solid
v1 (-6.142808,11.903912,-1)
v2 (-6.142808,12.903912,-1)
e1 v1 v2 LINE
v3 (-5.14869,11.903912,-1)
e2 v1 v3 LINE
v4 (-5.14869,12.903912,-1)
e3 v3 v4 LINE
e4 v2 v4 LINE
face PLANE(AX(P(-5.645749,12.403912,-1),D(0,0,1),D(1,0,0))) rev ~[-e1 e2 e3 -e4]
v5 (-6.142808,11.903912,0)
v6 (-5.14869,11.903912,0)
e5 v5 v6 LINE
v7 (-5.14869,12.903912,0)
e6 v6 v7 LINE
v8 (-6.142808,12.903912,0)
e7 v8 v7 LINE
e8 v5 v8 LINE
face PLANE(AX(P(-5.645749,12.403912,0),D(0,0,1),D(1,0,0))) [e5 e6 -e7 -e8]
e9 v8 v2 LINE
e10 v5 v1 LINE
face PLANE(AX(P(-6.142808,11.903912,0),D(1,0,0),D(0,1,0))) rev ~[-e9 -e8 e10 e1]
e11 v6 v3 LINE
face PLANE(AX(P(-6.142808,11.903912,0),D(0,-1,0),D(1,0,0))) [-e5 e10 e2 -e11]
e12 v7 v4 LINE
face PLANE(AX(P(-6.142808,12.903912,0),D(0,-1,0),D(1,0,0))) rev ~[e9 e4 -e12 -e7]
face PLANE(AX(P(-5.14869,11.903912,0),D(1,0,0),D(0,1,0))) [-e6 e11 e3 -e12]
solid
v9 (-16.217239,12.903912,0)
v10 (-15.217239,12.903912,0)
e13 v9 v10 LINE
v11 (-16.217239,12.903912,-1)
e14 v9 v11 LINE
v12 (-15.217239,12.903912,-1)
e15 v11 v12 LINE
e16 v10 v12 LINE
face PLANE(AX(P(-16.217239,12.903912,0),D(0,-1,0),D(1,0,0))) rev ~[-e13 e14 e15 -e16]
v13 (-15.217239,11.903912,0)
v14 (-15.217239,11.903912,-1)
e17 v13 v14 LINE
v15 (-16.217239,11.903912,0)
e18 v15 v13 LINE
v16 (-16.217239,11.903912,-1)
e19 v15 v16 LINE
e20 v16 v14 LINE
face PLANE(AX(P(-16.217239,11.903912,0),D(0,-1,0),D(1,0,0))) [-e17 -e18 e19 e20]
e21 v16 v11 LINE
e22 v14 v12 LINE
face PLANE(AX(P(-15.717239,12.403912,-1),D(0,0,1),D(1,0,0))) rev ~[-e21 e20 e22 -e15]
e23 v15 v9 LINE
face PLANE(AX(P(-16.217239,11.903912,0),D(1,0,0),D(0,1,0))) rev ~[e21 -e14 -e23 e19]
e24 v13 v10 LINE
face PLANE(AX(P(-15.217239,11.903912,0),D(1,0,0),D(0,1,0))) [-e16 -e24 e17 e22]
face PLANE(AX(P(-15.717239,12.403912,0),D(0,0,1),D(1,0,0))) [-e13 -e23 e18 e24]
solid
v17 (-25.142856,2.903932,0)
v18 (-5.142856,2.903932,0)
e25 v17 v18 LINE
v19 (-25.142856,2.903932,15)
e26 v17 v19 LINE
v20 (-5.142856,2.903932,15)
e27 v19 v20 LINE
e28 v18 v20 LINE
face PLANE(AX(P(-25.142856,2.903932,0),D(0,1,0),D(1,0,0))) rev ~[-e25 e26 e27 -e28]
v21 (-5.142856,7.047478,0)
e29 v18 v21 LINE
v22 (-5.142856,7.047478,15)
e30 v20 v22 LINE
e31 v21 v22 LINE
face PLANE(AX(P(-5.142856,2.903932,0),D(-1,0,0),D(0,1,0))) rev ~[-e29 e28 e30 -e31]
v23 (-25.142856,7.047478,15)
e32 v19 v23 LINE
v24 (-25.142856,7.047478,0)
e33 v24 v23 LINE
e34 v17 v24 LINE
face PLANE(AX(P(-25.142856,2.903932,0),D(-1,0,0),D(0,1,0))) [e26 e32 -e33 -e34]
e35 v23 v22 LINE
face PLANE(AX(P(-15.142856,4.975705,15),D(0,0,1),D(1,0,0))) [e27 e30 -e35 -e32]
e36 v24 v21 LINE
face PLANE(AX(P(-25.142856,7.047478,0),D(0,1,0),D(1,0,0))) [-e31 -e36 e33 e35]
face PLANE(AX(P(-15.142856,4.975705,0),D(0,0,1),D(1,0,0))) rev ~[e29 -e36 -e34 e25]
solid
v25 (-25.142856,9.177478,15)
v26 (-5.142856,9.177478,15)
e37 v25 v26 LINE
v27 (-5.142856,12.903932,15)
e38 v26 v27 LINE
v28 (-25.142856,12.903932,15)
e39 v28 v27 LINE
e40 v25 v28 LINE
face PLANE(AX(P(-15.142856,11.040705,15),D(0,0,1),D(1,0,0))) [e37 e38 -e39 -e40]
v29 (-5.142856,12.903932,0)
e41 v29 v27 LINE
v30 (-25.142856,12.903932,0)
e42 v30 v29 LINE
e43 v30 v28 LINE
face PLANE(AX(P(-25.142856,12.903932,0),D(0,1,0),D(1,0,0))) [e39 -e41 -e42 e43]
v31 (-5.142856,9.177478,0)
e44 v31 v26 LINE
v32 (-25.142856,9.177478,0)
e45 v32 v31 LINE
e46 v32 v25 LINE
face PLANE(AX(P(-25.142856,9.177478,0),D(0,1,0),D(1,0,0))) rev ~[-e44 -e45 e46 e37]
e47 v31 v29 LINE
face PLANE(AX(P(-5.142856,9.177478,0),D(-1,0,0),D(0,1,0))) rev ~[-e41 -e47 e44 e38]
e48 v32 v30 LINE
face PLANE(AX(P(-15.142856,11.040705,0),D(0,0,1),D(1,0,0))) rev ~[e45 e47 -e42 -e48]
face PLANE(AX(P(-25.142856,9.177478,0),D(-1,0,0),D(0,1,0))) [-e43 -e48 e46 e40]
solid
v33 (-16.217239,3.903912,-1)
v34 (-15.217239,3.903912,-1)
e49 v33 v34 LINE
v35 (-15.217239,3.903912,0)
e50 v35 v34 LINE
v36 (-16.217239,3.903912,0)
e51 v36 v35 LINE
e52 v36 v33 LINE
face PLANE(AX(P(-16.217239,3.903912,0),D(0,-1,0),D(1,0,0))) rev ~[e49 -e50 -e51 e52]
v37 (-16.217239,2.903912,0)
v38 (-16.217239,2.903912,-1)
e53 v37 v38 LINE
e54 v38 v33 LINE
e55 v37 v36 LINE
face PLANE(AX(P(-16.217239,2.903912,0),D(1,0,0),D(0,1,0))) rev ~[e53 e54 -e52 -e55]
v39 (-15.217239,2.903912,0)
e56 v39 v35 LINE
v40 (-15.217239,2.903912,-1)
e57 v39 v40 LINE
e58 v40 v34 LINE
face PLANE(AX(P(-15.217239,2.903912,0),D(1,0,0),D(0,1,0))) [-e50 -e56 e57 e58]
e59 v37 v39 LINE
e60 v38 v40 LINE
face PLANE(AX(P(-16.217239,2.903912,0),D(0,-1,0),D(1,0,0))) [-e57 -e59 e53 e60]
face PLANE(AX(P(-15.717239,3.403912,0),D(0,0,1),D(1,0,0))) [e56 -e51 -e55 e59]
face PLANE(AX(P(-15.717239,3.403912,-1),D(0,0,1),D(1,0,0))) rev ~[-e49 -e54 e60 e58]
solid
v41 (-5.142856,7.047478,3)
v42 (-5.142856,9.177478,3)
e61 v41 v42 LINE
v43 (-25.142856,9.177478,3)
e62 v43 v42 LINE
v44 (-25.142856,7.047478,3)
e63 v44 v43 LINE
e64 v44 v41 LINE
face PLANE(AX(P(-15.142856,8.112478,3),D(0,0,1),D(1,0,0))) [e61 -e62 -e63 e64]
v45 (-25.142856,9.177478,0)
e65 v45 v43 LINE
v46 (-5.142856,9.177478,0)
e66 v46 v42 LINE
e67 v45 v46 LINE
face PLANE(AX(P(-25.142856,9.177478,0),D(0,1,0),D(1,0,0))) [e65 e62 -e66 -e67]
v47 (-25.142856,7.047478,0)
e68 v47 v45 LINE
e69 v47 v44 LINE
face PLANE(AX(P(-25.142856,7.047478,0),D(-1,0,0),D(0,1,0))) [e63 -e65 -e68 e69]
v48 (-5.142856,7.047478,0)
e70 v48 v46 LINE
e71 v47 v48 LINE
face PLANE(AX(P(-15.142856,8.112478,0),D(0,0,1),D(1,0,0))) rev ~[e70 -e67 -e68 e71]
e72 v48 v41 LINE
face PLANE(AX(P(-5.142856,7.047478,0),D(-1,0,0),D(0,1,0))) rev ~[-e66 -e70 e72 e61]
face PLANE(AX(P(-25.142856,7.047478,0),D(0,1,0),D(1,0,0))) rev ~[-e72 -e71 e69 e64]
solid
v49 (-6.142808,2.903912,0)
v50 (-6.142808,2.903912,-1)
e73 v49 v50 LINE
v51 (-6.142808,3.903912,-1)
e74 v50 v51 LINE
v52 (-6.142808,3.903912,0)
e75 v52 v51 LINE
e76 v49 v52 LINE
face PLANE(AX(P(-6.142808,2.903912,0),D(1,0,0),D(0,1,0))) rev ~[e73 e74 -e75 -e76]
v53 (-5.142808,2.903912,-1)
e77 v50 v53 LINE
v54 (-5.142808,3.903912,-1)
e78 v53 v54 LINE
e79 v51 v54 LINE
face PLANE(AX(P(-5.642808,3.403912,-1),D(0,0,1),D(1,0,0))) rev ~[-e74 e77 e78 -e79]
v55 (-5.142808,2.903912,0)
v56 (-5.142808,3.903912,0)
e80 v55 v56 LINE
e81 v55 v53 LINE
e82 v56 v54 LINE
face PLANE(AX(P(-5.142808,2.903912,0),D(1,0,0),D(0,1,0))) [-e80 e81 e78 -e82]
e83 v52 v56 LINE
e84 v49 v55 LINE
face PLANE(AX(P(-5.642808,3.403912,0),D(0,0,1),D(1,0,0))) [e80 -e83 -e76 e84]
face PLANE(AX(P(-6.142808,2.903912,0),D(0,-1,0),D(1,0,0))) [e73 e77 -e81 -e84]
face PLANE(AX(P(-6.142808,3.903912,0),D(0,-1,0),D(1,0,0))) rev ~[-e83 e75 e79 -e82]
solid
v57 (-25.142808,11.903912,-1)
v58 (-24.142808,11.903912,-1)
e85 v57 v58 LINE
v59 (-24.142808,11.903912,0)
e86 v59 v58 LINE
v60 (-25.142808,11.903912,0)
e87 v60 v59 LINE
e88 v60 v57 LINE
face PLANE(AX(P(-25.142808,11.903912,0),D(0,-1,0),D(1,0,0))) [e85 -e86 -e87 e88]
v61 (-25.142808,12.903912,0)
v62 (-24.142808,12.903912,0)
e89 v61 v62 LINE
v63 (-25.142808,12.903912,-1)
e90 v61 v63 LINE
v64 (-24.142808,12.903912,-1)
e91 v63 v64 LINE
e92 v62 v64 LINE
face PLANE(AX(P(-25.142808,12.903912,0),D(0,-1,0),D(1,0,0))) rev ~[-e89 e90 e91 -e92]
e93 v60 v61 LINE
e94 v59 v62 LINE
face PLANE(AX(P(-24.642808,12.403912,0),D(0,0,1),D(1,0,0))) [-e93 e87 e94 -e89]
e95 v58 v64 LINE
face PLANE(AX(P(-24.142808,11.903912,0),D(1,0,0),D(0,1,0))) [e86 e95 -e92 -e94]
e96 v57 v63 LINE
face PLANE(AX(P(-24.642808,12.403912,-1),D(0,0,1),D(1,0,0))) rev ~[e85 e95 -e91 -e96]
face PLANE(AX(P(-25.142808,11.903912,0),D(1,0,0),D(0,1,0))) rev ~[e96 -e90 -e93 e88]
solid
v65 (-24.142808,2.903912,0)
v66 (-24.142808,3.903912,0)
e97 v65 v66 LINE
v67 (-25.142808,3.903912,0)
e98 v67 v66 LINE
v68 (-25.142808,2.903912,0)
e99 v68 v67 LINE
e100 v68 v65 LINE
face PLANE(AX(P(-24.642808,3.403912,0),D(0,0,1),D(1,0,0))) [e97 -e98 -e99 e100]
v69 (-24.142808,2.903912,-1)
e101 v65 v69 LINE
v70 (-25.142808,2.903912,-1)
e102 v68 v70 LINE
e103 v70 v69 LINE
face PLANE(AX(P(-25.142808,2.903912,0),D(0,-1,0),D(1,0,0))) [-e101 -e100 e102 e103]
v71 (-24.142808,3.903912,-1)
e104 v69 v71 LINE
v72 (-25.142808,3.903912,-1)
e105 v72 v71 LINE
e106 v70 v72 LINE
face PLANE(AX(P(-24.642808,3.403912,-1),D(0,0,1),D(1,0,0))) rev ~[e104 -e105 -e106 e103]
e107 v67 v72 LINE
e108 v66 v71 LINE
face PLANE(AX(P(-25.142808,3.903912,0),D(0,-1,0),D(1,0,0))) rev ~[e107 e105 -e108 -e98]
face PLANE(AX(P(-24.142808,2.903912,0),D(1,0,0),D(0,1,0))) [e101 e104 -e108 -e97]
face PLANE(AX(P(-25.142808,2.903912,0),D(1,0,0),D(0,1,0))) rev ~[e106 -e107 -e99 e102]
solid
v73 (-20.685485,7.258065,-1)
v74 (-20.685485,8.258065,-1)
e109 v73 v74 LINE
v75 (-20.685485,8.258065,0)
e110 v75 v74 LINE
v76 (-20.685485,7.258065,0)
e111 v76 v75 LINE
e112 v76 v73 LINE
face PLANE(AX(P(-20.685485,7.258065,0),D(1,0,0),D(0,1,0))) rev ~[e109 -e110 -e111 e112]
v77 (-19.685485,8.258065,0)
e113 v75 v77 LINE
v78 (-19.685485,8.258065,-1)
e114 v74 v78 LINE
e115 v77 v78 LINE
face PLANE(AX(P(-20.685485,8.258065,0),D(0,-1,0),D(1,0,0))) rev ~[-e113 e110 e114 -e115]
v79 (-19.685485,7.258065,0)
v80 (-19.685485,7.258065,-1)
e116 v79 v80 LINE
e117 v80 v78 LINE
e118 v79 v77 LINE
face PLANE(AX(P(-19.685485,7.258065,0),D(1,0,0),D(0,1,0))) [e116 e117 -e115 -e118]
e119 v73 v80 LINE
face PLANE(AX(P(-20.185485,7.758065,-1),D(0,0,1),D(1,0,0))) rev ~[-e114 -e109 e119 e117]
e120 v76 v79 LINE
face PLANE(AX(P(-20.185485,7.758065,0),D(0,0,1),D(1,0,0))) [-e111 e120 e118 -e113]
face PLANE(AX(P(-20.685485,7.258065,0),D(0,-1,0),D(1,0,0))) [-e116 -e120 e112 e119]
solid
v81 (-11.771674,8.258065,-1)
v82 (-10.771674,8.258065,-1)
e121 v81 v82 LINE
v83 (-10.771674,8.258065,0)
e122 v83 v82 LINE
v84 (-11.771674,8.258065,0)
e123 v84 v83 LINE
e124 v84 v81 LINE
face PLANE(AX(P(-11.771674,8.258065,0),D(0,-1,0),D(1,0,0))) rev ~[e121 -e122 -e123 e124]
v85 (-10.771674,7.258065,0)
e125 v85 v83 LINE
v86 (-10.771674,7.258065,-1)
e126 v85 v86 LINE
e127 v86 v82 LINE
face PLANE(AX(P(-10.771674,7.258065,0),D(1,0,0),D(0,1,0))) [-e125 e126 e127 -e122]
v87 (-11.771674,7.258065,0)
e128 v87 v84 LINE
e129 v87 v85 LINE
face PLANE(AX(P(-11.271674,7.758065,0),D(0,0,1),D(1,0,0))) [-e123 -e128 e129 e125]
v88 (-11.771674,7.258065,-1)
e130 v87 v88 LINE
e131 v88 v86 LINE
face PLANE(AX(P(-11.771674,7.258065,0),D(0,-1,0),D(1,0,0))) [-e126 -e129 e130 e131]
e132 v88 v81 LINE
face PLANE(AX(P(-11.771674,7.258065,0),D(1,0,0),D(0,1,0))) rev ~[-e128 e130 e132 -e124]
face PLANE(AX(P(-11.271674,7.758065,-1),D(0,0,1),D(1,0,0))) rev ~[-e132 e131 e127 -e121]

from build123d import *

# Parameters (mm, degrees)
F0_W     = 20
F0_H     = 3.72645418
F1_DEPTH = 15
F0_H_2   = 4.14354582
F0_H_3   = 2.13
F2_DEPTH = 3
F3_W     = 1
F3_H     = 1
F4_DEPTH = 1
F3_W_2   = 0.9941177852


with BuildPart() as f1:
    # F0 (on Top) → F1 (new body)
    with BuildSketch(Plane.XY):
        with Locations((-15.1428561658, 11.0407051996)):
            Rectangle(F0_W, F0_H)
    extrude(amount=F1_DEPTH)


with BuildPart() as f1b:
    # F0 (on Top) → F1, piece 2 (new body)
    with BuildSketch(Plane.XY):
        with Locations((-15.1428561658, 4.9757051996)):
            Rectangle(F0_W, F0_H_2)
    extrude(amount=F1_DEPTH)


with BuildPart() as f2:
    # F0 (on Top) → F2 (new body)
    with BuildSketch(Plane.XY):
        with Locations((-15.1428561658, 8.1124781096)):
            Rectangle(F0_W, F0_H_3)
    extrude(amount=F2_DEPTH)


with BuildPart() as f4:
    # F3 (on face) → F4 (new body)
    with BuildSketch(Plane.XY):
        with Locations((-24.6428075135, 3.4039124493)):
            Rectangle(F3_W, F3_H)
    extrude(amount=-F4_DEPTH)


with BuildPart() as f4b:
    # F3 (on face) → F4, piece 2 (new body)
    with BuildSketch(Plane.XY):
        with Locations((-5.6428075135, 3.4039124493)):
            Rectangle(F3_W, F3_H)
    extrude(amount=-F4_DEPTH)


with BuildPart() as f4c:
    # F3 (on face) → F4, piece 3 (new body)
    with BuildSketch(Plane.XY):
        with Locations((-5.6457486209, 12.4039124493)):
            Rectangle(F3_W_2, F3_H)
    extrude(amount=-F4_DEPTH)


with BuildPart() as f4d:
    # F3 (on face) → F4, piece 4 (new body)
    with BuildSketch(Plane.XY):
        with Locations((-11.2716742679, 7.7580650449)):
            Rectangle(F3_W, F3_H)
    extrude(amount=-F4_DEPTH)


with BuildPart() as f4e:
    # F3 (on face) → F4, piece 5 (new body)
    with BuildSketch(Plane.XY):
        with Locations((-20.1854846328, 7.7580650449)):
            Rectangle(F3_W, F3_H)
    extrude(amount=-F4_DEPTH)


with BuildPart() as f4f:
    # F3 (on face) → F4, piece 6 (new body)
    with BuildSketch(Plane.XY):
        with Locations((-24.6428075135, 12.4039124493)):
            Rectangle(F3_W, F3_H)
    extrude(amount=-F4_DEPTH)


with BuildPart() as f4g:
    # F3 (on face) → F4, piece 7 (new body)
    with BuildSketch(Plane.XY):
        with Locations((-15.7172392011, 12.4039124493)):
            Rectangle(F3_W, F3_H)
    extrude(amount=-F4_DEPTH)


with BuildPart() as f4h:
    # F3 (on face) → F4, piece 8 (new body)
    with BuildSketch(Plane.XY):
        with Locations((-15.7172392011, 3.4039124493)):
            Rectangle(F3_W, F3_H)
    extrude(amount=-F4_DEPTH)


solid = Compound([f1.part, f1b.part, f2.part, f4.part, f4b.part, f4c.part, f4d.part, f4e.part, f4f.part, f4g.part, f4h.part])
